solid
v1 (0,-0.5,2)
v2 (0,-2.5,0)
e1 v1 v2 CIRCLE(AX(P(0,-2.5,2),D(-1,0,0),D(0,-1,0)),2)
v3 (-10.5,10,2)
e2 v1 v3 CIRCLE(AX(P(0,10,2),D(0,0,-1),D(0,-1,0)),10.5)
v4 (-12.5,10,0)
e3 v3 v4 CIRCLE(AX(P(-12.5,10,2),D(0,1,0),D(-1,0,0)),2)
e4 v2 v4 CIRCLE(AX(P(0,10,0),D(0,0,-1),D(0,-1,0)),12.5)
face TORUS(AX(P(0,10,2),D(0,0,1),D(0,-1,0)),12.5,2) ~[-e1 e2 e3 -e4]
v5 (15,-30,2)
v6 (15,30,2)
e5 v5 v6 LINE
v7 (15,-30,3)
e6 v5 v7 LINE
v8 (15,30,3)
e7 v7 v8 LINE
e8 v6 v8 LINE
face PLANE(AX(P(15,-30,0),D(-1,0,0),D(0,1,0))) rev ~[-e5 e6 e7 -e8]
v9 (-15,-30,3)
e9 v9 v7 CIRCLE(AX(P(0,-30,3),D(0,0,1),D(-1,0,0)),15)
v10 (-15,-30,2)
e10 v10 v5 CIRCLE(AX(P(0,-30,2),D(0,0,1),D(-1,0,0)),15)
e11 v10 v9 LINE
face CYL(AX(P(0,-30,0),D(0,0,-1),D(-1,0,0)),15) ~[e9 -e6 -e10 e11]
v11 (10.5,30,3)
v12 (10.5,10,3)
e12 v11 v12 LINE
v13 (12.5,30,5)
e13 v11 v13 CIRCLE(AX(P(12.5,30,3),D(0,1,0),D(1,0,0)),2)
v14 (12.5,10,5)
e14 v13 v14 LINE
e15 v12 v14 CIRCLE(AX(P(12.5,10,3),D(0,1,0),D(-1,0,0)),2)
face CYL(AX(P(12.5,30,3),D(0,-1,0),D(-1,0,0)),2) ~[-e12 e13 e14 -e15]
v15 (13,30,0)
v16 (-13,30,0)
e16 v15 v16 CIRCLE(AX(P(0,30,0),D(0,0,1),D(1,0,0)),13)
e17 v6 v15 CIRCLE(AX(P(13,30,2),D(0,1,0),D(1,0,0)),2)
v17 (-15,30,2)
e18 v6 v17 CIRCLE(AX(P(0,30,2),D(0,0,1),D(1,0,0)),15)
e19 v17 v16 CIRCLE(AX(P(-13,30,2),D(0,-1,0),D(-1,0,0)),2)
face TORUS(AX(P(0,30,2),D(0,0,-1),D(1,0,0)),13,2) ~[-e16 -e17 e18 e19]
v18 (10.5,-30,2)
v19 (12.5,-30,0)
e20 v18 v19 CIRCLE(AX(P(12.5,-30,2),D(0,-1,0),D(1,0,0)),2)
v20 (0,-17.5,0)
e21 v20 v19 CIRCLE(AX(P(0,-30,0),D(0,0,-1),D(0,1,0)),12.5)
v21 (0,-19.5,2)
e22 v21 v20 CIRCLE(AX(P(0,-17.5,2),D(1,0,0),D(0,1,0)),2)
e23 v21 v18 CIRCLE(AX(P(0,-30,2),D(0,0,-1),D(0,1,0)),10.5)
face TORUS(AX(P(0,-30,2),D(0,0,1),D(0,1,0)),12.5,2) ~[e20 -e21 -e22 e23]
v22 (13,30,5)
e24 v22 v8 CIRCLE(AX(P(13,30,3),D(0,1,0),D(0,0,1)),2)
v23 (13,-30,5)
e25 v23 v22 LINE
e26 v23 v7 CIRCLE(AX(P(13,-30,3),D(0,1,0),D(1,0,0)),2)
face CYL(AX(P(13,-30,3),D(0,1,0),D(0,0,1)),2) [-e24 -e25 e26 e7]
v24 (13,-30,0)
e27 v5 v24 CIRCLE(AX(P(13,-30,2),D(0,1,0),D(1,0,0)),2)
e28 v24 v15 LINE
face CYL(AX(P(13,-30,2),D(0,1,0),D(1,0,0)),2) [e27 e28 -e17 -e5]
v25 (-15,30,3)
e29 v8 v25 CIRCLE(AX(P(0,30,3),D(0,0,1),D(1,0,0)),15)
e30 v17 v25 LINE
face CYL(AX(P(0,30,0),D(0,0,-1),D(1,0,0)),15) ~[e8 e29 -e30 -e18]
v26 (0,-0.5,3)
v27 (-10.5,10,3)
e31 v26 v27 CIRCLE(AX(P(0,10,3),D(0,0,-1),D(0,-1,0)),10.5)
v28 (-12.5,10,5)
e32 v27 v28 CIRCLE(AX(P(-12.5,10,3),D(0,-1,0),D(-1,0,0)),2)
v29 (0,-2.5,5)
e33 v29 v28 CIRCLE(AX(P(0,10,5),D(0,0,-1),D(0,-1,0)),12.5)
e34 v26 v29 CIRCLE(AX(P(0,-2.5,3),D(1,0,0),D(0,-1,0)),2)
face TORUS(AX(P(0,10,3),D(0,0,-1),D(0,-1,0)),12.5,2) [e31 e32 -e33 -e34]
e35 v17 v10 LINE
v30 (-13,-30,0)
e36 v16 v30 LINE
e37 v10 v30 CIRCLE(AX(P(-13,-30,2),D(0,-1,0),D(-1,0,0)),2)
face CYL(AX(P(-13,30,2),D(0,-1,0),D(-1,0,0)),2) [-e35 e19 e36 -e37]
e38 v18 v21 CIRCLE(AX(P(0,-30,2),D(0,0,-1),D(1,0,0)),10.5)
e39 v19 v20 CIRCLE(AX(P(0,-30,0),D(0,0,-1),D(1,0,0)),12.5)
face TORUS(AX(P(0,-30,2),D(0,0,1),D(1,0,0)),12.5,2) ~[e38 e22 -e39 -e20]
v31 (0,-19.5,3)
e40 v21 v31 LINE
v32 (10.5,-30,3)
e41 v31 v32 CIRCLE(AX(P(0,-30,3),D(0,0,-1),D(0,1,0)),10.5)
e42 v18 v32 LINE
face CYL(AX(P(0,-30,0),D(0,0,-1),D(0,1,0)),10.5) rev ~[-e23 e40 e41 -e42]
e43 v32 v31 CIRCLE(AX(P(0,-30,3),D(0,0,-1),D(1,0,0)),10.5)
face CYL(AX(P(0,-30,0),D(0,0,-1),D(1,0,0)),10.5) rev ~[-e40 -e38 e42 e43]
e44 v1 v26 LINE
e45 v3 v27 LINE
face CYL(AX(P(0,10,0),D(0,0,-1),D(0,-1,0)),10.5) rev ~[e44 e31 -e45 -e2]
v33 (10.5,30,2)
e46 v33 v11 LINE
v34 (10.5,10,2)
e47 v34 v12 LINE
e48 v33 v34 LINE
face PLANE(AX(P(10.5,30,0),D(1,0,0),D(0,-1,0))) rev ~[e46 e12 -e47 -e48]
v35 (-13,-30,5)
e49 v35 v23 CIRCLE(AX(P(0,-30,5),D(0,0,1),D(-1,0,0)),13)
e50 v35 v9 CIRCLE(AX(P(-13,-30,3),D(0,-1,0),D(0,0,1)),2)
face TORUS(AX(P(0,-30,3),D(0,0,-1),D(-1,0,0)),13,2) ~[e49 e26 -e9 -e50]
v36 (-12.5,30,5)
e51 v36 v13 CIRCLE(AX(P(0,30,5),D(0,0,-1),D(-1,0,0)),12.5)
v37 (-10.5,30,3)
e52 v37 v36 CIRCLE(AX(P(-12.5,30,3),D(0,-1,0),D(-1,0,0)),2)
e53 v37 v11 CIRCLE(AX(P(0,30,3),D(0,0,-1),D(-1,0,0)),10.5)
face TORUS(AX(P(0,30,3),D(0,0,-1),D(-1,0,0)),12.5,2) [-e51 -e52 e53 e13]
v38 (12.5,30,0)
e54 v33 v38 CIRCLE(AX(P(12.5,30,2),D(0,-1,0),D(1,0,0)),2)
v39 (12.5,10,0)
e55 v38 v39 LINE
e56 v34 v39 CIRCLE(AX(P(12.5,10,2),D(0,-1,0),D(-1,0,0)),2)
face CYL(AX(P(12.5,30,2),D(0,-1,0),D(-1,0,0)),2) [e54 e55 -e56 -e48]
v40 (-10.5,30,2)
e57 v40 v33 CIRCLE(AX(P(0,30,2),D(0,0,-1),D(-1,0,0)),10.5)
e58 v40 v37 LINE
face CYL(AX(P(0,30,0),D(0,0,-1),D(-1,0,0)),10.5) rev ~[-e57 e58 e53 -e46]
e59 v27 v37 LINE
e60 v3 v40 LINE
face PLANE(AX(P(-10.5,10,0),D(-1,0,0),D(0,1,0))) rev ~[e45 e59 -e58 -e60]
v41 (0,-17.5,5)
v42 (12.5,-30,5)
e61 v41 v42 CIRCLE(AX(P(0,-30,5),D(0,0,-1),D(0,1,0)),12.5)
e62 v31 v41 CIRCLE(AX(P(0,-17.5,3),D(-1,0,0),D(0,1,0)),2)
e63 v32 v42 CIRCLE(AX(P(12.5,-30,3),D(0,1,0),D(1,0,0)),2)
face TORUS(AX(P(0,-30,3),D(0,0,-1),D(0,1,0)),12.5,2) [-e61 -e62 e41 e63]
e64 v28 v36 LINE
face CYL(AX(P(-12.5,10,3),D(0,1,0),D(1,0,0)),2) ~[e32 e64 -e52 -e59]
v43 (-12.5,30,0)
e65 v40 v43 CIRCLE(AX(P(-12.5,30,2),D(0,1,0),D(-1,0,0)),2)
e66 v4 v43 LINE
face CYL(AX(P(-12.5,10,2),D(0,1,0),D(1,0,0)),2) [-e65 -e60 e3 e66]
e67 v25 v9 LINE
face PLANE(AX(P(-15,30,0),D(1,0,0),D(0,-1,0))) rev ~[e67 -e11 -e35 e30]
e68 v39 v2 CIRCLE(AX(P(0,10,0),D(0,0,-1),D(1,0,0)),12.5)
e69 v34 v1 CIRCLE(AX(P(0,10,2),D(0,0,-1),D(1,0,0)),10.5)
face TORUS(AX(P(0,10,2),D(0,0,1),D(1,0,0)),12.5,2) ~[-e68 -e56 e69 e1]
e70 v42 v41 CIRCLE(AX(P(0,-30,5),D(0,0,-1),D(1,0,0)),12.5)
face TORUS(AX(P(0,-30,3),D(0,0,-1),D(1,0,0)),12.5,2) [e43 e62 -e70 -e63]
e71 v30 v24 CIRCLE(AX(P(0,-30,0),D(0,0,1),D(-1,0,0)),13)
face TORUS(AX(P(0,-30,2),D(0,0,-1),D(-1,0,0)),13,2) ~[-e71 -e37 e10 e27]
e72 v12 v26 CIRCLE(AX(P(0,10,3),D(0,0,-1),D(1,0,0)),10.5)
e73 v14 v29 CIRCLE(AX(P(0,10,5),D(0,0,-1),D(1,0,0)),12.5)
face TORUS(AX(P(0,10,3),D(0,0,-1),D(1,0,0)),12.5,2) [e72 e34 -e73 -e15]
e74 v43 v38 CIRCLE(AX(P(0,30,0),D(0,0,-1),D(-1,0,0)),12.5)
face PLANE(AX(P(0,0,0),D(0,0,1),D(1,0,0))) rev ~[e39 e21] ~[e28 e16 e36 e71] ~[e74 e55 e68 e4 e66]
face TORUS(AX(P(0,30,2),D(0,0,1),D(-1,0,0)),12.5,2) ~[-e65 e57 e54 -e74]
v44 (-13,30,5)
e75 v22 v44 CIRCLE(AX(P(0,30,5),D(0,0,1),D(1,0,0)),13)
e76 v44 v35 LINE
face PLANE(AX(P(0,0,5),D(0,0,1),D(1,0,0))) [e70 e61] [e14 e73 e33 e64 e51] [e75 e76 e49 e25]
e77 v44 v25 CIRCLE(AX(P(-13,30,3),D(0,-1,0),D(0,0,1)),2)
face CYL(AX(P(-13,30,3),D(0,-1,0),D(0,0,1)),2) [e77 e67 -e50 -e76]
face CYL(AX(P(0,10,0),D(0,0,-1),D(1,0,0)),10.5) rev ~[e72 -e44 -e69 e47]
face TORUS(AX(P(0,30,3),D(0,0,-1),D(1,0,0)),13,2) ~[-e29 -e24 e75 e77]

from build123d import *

# Parameters (mm, degrees)
F1_DEPTH = 5
F2_R     = 2
F3_R     = 2


with BuildPart() as f1:
    # F0 (on Top) → F1 (new body)
    with BuildSketch(Plane.XY):
        with BuildLine():
            ThreePointArc((15, 30), (0, 45), (-15, 30))
            Line((-15, 30), (-15, -30))
            ThreePointArc((-15, -30), (0, -45), (15, -30))
            Line((15, -30), (15, 30))
        make_face()
        with BuildLine():
            ThreePointArc((10.5, -30), (-7.4246212025, -37.4246212025), (0, -19.5))
            ThreePointArc((0, -19.5), (7.4246212025, -22.5753787975), (10.5, -30))
        make_face(mode=Mode.SUBTRACT)
        with BuildLine():
            ThreePointArc((10.5, 10), (7.4246212025, 2.5753787975), (0, -0.5))
            ThreePointArc((0, -0.5), (-7.4246212025, 2.5753787975), (-10.5, 10))
            Line((-10.5, 10), (-10.5, 30))
            ThreePointArc((-10.5, 30), (0, 40.5), (10.5, 30))
            Line((10.5, 30), (10.5, 10))
        make_face(mode=Mode.SUBTRACT)
    extrude(amount=F1_DEPTH)

    # F2
    f2_edges = [f1.edges().sort_by_distance(p)[0] for p in [
        (0, 40.5, 5),
        (0, 40.5, 0),
        (15, 0, 0),
        (0, -40.5, 5),
        (0, -40.5, 0),
    ]]
    fillet(f2_edges, radius=F2_R)

    # F3
    f3_edges = [f1.edges().sort_by_distance(p)[0] for p in [
        (-15, 0, 5),
    ]]
    fillet(f3_edges, radius=F3_R)


solid = f1.part
